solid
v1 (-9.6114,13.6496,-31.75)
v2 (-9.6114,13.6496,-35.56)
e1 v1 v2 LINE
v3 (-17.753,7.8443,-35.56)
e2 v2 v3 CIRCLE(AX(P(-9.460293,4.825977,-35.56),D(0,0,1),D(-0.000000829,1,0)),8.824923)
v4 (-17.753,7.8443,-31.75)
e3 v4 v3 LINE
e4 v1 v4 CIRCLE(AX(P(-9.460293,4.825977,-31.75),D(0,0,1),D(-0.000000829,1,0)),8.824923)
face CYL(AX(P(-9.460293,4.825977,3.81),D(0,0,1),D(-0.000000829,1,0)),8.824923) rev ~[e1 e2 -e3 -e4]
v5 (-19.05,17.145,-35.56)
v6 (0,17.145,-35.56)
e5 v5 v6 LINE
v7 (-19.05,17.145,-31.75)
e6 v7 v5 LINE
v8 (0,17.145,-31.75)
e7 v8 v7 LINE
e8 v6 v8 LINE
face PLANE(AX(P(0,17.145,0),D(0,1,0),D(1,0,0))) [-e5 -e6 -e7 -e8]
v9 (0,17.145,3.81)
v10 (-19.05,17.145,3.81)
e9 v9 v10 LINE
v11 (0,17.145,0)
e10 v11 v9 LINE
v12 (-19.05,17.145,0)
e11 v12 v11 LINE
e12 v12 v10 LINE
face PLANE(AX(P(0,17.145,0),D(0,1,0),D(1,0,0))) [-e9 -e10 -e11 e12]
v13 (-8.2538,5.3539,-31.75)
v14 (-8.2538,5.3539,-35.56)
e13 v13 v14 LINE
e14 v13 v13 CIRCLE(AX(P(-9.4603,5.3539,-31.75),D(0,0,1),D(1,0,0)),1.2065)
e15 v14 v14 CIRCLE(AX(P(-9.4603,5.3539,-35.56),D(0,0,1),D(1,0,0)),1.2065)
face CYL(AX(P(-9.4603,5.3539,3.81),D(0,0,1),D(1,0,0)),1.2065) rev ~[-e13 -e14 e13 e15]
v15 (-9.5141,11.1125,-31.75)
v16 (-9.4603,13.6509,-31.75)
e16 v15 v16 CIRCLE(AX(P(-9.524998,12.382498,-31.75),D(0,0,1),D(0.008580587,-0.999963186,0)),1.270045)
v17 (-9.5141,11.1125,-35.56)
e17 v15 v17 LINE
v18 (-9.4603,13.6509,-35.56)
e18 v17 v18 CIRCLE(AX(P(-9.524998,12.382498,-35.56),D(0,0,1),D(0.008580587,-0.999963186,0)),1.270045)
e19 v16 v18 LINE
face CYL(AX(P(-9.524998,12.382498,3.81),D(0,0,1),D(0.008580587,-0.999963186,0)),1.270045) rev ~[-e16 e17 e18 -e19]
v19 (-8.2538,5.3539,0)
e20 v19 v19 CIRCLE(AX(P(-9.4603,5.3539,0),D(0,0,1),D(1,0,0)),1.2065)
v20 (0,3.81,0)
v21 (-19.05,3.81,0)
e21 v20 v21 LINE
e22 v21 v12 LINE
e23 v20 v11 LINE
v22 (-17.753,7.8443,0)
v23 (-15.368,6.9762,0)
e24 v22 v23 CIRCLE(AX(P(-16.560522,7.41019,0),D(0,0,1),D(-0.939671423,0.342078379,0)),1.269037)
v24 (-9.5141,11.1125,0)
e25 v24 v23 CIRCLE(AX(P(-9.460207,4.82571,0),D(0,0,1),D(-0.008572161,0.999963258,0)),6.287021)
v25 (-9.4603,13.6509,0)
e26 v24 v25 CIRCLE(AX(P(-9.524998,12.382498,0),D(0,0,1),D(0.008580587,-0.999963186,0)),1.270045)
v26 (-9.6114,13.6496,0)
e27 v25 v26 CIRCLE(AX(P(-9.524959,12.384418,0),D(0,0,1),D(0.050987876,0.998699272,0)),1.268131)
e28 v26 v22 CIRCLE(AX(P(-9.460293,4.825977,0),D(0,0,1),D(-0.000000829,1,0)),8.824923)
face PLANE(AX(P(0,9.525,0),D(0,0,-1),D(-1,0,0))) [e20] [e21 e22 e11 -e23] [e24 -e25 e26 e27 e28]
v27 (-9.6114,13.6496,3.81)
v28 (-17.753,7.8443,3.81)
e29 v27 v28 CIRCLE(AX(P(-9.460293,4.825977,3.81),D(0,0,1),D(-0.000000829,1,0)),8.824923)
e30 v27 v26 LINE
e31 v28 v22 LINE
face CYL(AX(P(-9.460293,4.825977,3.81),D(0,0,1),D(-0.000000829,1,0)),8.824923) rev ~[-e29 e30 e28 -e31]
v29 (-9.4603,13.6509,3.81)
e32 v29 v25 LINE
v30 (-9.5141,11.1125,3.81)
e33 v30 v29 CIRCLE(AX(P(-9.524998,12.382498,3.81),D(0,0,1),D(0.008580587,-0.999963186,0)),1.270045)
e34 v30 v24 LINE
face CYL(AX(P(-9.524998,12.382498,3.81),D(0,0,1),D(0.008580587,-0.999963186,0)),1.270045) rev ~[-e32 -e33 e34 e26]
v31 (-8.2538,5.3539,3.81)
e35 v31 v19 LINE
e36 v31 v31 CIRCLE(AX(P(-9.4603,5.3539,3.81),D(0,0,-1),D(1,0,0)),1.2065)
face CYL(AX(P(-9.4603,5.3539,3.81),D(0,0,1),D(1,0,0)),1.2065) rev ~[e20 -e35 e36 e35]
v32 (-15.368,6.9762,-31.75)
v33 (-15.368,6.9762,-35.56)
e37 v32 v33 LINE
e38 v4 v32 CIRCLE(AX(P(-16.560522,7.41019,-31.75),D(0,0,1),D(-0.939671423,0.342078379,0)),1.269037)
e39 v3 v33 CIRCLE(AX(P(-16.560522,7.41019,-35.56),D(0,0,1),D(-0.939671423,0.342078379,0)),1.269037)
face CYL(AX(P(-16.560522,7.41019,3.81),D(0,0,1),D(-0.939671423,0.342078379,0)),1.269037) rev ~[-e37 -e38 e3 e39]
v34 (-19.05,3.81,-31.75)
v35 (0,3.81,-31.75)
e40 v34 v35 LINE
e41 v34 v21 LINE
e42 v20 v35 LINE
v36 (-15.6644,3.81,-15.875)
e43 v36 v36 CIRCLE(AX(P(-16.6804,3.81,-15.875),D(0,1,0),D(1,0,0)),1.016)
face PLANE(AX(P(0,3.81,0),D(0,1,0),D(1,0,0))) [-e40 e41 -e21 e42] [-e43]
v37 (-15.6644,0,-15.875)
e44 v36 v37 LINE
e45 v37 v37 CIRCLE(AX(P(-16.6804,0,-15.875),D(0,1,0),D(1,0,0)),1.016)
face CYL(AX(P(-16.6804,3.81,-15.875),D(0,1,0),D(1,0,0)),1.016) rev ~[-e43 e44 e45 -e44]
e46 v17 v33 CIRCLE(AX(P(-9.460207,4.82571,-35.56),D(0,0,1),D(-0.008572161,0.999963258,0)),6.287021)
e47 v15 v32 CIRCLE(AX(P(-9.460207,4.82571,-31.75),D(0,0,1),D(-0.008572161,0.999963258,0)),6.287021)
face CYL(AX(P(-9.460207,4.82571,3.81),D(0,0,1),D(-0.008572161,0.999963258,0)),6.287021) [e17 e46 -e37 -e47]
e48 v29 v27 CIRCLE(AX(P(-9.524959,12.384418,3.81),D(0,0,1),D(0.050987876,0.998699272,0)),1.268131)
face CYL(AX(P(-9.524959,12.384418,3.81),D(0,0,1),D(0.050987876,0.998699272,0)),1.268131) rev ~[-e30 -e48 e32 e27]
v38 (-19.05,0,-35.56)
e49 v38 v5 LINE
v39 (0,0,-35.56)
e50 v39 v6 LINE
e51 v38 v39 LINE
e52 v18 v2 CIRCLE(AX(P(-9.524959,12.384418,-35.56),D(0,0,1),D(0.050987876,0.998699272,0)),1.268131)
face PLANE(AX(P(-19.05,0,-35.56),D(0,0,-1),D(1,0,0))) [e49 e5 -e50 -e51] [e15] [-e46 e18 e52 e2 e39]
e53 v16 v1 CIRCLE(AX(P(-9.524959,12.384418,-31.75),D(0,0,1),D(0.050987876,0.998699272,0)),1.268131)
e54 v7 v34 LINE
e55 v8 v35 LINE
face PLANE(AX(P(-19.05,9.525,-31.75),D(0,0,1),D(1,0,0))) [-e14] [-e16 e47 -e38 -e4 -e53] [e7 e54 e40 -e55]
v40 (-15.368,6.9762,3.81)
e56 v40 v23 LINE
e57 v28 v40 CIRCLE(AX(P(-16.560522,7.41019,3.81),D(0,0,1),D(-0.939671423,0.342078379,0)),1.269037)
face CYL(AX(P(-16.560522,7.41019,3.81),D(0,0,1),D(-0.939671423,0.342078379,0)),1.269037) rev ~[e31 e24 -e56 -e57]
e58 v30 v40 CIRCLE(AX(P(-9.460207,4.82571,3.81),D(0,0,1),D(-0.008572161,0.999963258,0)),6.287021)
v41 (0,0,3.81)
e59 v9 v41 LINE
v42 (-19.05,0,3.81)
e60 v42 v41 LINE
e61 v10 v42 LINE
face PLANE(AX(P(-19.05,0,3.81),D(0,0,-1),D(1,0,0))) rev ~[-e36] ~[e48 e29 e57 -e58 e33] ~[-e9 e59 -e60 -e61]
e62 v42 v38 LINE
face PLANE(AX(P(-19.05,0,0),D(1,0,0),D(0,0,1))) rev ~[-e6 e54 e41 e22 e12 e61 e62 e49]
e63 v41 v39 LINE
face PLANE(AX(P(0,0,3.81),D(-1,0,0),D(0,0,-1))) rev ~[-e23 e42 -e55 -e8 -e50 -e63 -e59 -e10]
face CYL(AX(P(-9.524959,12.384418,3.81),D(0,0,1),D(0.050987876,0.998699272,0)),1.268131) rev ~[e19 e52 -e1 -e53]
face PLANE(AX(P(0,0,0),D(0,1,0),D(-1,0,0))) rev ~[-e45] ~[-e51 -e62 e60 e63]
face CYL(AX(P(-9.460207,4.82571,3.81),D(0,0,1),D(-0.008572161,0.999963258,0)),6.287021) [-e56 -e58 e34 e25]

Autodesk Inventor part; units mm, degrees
ref_plane "YZ Plane" through (0, 0, 0) normal (1, 0, 0) x (0, 1, 0)
ref_plane "XZ Plane" through (0, 0, 0) normal (0, 1, 0) x (-1, 0, 0)
ref_plane "XY Plane" through (0, 0, 0) normal (0, 0, 1) x (1, 0, 0)
sketch "Sketch1" plane through (0, 0, 0) normal (0, 1, 0) x (-1, 0, 0)
  line L0 (0, 0) -> (19.05, 0)
  line L1 (19.05, 0) -> (19.05, -31.75)
  line L2 (19.05, -31.75) -> (0, -31.75)
  line L3 (0, -31.75) -> (0, 0)
  line L4 (19.05, 0) -> (19.05, 3.81)
  line L5 (19.05, 3.81) -> (0, 3.81)
  line L6 (0, 3.81) -> (0, 0)
  line L7 (19.05, -31.75) -> (19.05, -35.56)
  line L8 (19.05, -35.56) -> (0, -35.56)
  line L9 (0, -35.56) -> (0, -31.75)
  dimension "d0" = 19.05
  dimension "d1" = 31.75
  dimension "d4" = 3.81
  dimension "d5" = 3.81
extrude "Extrusion2" add sketch "Sketch1" along normal blind 9.525
sketch "Sketch3" plane through (0, 9.525, 0) normal (0, 1, 0) x (1, 0, 0)
  line L0 (0, 0) -> (-19.05, 0)
  line L1 (-19.05, 31.75) -> (0, 31.75)
  line L2 (0, 0) -> (0, 31.75)
  line L3 (-19.05, 31.75) -> (-19.05, 0)
  point P0 (-19.05, 35.56)
extrude "Extrusion3" cut sketch "Sketch3" against normal blind 5.715
sketch "Sketch4" plane through (0, 9.525, 0) normal (0, 1, 0) x (1, 0, 0)
  line L0 (-18.8776, 0) -> (0, 0)
  line L1 (0, 0) -> (0, -3.81)
  line L2 (0, -3.81) -> (-18.8776, -3.81)
  line L3 (-19.05, 35.56) -> (0, 35.56)
  line L4 (0, 35.56) -> (0, 31.75)
  line L5 (0, 31.75) -> (-19.05, 31.75)
  line L6 (-19.05, 31.75) -> (-19.05, 35.56)
  line L7 (-18.8776, 0) -> (-19.05, 0)
  line L8 (0, 0) -> (-19.05, 0) projected
  line L9 (-19.05, 0) -> (-19.05, -3.81)
  line L10 (-18.8776, -3.81) -> (-19.05, -3.81)
  line L11 (-19.05, -3.81) -> (0, -3.81) projected
extrude "Extrusion4" add sketch "Sketch4" along normal blind 7.62
sketch "Sketch5" plane through (0, 3.81, 0) normal (0, 1, 0) x (1, 0, 0)
  line L0 (-19.0656, 0) -> (0, 0)
  line L1 (0, 0) -> (0, 31.75)
  line L2 (0, 31.75) -> (-19.0656, 31.75)
  line L3 (-19.0656, 31.75) -> (-19.0656, 0)
  line L4 (0, 0) -> (-19.05, 0) projected
  line L5 (-19.05, 31.75) -> (0, 31.75) projected
  line L6 (-9.525, 0) -> (22.3112, 0) construction
  line L7 (-9.525, 31.75) -> (-9.525, 0)
  line L8 (-9.525, 0) -> (-9.525, 15.875)
  line L9 (-9.525, 15.875) -> (-9.525, 31.75)
  circle A0 centre (-16.6804, 15.875) radius 1.016
  point P0 (-18.8776, 0)
  dimension "d43" = 2.032
extrude "Extrusion5" cut sketch "Sketch5" against normal blind 3.81 contours A0
sketch "Sketch7" plane through (0, 0, -35.56) normal (0, 0, -1) x (-1, 0, 0)
  line L0 (19.05, 3.81) -> (0, 3.81)
  line L1 (0, 3.81) -> (0, 17.145)
  line L2 (0, 17.145) -> (19.05, 17.145)
  line L3 (19.05, 17.145) -> (19.05, 3.81)
  line L4 (19.05, 17.145) -> (0, 17.145) projected
  line L5 (19.05, 3.81) -> (0, 3.81) projected
  line L6 (0, 17.145) -> (0, 3.81) projected
  circle A0 centre (9.525, 12.3825) radius 1.016
  point P0 (0, 0)
  dimension "d42" = 2.032
extrude "Extrusion7" cut sketch "Sketch7" against normal blind 39.37 contours A0
sketch "Sketch13" plane through (-19.05, 0, 3.81) normal (0, 0, 1) x (1, 0, 0)
  arc A0 (9.5897, 13.6509) -> (9.4386, 13.6496) centre (9.525, 12.3825) ccw
  arc A1 (9.5359, 11.1125) -> (3.682, 6.9762) centre (9.5897, 4.826) ccw
  arc A2 (9.5897, 13.6509) -> (1.297, 7.8443) centre (9.5897, 4.826) ccw
  line L0 (9.5897, 4.826) -> (18.4145, 4.826) construction
  line L1 (9.5897, 4.826) -> (18.4145, 4.826) construction
  arc A3 (1.297, 7.8443) -> (3.682, 6.9762) centre (2.4895, 7.4102) ccw
  line L2 (9.5897, 4.826) -> (11.1137, 4.826) construction
  line L3 (9.5897, 6.5604) -> (9.5897, 5.3539)
  circle A4 centre (9.5897, 5.3539) radius 1.2065
  arc A5 (9.5359, 11.1125) -> (9.4386, 13.6496) centre (9.525, 12.3825) ccw
  point P0 (19.05, 0)
  point P1 (9.5897, 3.81)
extrude "Extrusion14" cut sketch "Sketch13" against normal blind 76.2
sketch "Sketch21" plane through (0, 0, 0) normal (0, -1, 0) x (1, 0, 0)
  point P0 (0, 0)
properties part number "landing-gear-ublock" material "ABS Plastic"
